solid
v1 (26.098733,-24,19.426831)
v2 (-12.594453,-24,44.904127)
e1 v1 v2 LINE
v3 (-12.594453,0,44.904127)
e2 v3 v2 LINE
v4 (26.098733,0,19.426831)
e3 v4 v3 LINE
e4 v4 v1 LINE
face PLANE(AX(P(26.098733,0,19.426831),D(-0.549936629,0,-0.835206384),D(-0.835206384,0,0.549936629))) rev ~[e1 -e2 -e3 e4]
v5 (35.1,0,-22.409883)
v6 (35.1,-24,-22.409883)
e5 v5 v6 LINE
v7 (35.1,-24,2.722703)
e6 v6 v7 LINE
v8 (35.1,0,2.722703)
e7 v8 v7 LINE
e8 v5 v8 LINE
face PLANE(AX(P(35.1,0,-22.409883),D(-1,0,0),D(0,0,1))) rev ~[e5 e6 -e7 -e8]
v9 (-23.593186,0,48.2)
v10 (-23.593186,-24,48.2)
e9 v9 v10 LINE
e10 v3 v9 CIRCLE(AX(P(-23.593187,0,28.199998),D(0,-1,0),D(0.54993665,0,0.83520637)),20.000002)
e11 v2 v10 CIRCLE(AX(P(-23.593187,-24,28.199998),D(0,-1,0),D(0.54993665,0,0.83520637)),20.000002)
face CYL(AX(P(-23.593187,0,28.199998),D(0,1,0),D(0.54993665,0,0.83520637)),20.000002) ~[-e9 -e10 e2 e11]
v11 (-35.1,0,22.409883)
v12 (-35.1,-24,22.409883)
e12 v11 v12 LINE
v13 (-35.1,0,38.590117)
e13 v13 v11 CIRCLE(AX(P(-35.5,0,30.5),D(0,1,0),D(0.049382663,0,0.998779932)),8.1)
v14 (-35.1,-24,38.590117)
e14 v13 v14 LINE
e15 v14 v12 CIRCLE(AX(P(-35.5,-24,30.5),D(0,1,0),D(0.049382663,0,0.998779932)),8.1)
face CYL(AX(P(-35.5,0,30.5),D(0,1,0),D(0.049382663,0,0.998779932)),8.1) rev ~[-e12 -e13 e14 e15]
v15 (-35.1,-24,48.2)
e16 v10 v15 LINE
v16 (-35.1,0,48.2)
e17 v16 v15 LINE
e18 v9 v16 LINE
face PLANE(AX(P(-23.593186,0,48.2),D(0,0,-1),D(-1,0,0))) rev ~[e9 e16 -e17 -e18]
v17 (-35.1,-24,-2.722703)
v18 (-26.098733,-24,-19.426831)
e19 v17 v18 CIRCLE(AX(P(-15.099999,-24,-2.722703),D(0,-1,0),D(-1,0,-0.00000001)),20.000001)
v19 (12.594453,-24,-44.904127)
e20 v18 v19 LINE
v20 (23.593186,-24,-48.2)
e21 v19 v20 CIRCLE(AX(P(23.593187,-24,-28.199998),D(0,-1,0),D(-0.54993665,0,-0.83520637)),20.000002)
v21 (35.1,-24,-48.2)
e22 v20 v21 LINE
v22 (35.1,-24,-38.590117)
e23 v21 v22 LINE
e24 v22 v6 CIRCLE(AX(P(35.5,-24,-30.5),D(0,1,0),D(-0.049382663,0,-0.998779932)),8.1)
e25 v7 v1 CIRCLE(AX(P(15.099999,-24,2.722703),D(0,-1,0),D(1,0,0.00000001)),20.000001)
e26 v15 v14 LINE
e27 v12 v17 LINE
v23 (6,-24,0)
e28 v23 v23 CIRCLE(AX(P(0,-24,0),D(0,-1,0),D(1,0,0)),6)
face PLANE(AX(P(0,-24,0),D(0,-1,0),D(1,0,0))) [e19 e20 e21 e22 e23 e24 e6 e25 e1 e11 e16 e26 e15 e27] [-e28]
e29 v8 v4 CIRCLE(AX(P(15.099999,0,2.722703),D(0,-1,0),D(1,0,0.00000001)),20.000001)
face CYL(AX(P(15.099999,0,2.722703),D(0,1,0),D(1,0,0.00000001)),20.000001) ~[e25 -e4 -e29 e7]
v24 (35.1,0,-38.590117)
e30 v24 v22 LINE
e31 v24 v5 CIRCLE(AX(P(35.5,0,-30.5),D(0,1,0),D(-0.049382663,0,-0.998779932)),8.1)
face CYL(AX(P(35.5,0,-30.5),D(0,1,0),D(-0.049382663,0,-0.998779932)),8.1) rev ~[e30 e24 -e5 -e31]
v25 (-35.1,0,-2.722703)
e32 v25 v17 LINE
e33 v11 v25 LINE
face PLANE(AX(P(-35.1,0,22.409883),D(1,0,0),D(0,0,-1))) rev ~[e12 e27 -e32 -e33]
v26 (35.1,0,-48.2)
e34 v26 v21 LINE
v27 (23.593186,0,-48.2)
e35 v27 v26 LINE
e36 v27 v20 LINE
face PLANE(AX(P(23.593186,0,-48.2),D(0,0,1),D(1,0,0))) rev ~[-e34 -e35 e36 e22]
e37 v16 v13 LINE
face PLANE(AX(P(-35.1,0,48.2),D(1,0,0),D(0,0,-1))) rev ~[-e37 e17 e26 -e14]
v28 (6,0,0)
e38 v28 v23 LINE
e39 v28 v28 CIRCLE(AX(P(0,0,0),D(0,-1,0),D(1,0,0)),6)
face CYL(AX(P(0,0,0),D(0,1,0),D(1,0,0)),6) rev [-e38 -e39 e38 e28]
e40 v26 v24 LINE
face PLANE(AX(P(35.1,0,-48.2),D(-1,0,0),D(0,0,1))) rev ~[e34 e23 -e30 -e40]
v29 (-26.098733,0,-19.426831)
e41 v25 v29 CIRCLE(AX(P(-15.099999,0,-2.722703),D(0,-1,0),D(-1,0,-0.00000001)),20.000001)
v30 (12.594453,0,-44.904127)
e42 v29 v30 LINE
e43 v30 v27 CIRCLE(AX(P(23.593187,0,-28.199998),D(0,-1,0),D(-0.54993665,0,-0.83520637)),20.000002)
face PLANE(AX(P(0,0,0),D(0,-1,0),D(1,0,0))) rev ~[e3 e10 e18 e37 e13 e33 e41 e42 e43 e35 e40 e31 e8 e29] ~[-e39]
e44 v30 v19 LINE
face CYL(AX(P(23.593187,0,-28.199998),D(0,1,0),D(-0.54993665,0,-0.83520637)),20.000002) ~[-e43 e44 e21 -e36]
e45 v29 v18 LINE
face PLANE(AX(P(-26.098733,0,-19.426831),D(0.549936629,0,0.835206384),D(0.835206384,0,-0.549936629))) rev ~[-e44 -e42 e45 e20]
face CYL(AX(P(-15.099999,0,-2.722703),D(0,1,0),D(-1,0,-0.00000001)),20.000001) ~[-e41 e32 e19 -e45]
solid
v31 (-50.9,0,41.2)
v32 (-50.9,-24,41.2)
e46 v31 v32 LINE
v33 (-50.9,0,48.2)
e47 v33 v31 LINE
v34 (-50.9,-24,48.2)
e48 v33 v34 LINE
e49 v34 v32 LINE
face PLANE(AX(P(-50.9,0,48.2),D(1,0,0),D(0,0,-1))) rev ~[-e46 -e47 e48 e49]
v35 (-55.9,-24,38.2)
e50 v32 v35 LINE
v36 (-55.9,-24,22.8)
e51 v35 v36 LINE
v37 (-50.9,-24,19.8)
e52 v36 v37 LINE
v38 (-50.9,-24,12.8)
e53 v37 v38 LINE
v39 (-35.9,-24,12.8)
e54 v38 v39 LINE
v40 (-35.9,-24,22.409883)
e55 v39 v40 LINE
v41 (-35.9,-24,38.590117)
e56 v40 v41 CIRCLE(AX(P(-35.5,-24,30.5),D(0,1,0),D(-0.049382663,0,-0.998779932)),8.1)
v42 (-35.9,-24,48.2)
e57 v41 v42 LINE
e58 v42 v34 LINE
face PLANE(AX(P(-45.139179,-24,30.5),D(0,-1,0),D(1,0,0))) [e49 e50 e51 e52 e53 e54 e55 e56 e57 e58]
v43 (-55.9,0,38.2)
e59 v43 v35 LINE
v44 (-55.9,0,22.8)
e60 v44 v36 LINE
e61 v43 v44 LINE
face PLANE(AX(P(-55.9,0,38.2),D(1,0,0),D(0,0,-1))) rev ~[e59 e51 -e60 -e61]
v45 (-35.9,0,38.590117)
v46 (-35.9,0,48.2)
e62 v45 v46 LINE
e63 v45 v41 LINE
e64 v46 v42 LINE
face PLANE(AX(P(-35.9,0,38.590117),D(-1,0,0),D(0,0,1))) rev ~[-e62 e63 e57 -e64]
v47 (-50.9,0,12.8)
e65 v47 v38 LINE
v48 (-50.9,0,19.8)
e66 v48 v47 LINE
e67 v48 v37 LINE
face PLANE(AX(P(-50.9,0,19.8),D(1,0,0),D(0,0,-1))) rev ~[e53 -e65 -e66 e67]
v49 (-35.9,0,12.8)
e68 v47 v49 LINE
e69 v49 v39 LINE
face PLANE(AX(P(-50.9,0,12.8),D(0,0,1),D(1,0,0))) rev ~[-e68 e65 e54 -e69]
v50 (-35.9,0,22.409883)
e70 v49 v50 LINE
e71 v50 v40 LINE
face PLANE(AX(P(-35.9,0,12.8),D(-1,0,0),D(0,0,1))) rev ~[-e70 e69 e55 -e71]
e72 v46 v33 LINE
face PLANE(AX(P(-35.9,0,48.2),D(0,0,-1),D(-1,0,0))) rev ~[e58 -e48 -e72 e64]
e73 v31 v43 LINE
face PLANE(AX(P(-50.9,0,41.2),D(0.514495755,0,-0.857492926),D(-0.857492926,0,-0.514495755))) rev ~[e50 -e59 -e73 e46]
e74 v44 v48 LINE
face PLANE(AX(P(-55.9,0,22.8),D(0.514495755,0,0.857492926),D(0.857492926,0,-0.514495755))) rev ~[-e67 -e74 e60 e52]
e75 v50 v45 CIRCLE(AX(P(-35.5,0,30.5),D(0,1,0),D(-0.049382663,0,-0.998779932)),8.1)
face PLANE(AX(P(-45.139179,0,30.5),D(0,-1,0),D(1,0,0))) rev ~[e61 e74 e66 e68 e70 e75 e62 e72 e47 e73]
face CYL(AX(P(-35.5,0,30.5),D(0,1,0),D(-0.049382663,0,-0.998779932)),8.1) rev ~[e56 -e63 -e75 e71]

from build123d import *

# Parameters (mm, degrees)
F1_DEPTH = 24
F0_R     = 6
F2_DEPTH = 24


with BuildPart() as f1:
    # F0 (on Front) → F1 (new body)
    with BuildSketch(Plane.XZ):
        with BuildLine():
            Line((-35.9, 38.590117), (-35.9, 48.2))
            Line((-35.9, 48.2), (-50.9, 48.2))
            Line((-50.9, 48.2), (-50.9, 41.2))
            Line((-50.9, 41.2), (-55.9, 38.2))
            Line((-55.9, 38.2), (-55.9, 22.8))
            Line((-55.9, 22.8), (-50.9, 19.8))
            Line((-50.9, 19.8), (-50.9, 12.8))
            Line((-50.9, 12.8), (-35.9, 12.8))
            Line((-35.9, 12.8), (-35.9, 22.409883))
            ThreePointArc((-35.9, 22.409883), (-43.6, 30.5), (-35.9, 38.590117))
        make_face()
    extrude(amount=F1_DEPTH)


with BuildPart() as f2:
    # F0 (on Front) → F2 (new body)
    with BuildSketch(Plane.XZ):
        with BuildLine():
            ThreePointArc((-35.1, 38.590117), (-27.4, 30.5), (-35.1, 22.409883))
            Line((-35.1, 22.409883), (-35.1, 12.8))
            Line((-35.1, 12.8), (-35.1, 0))
            Line((-35.1, 0), (-35.1, -2.722703))
            ThreePointArc((-35.1, -2.722703), (-32.706457, -12.210204), (-26.098733, -19.426831))
            Line((-26.098733, -19.426831), (12.594453, -44.904127))
            ThreePointArc((12.594453, -44.904127), (17.852217, -47.358321), (23.593186, -48.2))
            Line((23.593186, -48.2), (35.1, -48.2))
            Line((35.1, -48.2), (35.1, -38.590117))
            ThreePointArc((35.1, -38.590117), (27.4, -30.5), (35.1, -22.409883))
            Line((35.1, -22.409883), (35.1, -12.8))
            Line((35.1, -12.8), (35.1, 0))
            Line((35.1, 0), (35.1, 2.722703))
            ThreePointArc((35.1, 2.722703), (32.706457, 12.210204), (26.098733, 19.426831))
            Line((26.098733, 19.426831), (-12.594453, 44.904127))
            ThreePointArc((-12.594453, 44.904127), (-17.852217, 47.358321), (-23.593186, 48.2))
            Line((-23.593186, 48.2), (-35.1, 48.2))
            Line((-35.1, 48.2), (-35.1, 38.590117))
        make_face()
        Circle(F0_R, mode=Mode.SUBTRACT)
    extrude(amount=F2_DEPTH)


solid = Compound([f1.part, f2.part])
